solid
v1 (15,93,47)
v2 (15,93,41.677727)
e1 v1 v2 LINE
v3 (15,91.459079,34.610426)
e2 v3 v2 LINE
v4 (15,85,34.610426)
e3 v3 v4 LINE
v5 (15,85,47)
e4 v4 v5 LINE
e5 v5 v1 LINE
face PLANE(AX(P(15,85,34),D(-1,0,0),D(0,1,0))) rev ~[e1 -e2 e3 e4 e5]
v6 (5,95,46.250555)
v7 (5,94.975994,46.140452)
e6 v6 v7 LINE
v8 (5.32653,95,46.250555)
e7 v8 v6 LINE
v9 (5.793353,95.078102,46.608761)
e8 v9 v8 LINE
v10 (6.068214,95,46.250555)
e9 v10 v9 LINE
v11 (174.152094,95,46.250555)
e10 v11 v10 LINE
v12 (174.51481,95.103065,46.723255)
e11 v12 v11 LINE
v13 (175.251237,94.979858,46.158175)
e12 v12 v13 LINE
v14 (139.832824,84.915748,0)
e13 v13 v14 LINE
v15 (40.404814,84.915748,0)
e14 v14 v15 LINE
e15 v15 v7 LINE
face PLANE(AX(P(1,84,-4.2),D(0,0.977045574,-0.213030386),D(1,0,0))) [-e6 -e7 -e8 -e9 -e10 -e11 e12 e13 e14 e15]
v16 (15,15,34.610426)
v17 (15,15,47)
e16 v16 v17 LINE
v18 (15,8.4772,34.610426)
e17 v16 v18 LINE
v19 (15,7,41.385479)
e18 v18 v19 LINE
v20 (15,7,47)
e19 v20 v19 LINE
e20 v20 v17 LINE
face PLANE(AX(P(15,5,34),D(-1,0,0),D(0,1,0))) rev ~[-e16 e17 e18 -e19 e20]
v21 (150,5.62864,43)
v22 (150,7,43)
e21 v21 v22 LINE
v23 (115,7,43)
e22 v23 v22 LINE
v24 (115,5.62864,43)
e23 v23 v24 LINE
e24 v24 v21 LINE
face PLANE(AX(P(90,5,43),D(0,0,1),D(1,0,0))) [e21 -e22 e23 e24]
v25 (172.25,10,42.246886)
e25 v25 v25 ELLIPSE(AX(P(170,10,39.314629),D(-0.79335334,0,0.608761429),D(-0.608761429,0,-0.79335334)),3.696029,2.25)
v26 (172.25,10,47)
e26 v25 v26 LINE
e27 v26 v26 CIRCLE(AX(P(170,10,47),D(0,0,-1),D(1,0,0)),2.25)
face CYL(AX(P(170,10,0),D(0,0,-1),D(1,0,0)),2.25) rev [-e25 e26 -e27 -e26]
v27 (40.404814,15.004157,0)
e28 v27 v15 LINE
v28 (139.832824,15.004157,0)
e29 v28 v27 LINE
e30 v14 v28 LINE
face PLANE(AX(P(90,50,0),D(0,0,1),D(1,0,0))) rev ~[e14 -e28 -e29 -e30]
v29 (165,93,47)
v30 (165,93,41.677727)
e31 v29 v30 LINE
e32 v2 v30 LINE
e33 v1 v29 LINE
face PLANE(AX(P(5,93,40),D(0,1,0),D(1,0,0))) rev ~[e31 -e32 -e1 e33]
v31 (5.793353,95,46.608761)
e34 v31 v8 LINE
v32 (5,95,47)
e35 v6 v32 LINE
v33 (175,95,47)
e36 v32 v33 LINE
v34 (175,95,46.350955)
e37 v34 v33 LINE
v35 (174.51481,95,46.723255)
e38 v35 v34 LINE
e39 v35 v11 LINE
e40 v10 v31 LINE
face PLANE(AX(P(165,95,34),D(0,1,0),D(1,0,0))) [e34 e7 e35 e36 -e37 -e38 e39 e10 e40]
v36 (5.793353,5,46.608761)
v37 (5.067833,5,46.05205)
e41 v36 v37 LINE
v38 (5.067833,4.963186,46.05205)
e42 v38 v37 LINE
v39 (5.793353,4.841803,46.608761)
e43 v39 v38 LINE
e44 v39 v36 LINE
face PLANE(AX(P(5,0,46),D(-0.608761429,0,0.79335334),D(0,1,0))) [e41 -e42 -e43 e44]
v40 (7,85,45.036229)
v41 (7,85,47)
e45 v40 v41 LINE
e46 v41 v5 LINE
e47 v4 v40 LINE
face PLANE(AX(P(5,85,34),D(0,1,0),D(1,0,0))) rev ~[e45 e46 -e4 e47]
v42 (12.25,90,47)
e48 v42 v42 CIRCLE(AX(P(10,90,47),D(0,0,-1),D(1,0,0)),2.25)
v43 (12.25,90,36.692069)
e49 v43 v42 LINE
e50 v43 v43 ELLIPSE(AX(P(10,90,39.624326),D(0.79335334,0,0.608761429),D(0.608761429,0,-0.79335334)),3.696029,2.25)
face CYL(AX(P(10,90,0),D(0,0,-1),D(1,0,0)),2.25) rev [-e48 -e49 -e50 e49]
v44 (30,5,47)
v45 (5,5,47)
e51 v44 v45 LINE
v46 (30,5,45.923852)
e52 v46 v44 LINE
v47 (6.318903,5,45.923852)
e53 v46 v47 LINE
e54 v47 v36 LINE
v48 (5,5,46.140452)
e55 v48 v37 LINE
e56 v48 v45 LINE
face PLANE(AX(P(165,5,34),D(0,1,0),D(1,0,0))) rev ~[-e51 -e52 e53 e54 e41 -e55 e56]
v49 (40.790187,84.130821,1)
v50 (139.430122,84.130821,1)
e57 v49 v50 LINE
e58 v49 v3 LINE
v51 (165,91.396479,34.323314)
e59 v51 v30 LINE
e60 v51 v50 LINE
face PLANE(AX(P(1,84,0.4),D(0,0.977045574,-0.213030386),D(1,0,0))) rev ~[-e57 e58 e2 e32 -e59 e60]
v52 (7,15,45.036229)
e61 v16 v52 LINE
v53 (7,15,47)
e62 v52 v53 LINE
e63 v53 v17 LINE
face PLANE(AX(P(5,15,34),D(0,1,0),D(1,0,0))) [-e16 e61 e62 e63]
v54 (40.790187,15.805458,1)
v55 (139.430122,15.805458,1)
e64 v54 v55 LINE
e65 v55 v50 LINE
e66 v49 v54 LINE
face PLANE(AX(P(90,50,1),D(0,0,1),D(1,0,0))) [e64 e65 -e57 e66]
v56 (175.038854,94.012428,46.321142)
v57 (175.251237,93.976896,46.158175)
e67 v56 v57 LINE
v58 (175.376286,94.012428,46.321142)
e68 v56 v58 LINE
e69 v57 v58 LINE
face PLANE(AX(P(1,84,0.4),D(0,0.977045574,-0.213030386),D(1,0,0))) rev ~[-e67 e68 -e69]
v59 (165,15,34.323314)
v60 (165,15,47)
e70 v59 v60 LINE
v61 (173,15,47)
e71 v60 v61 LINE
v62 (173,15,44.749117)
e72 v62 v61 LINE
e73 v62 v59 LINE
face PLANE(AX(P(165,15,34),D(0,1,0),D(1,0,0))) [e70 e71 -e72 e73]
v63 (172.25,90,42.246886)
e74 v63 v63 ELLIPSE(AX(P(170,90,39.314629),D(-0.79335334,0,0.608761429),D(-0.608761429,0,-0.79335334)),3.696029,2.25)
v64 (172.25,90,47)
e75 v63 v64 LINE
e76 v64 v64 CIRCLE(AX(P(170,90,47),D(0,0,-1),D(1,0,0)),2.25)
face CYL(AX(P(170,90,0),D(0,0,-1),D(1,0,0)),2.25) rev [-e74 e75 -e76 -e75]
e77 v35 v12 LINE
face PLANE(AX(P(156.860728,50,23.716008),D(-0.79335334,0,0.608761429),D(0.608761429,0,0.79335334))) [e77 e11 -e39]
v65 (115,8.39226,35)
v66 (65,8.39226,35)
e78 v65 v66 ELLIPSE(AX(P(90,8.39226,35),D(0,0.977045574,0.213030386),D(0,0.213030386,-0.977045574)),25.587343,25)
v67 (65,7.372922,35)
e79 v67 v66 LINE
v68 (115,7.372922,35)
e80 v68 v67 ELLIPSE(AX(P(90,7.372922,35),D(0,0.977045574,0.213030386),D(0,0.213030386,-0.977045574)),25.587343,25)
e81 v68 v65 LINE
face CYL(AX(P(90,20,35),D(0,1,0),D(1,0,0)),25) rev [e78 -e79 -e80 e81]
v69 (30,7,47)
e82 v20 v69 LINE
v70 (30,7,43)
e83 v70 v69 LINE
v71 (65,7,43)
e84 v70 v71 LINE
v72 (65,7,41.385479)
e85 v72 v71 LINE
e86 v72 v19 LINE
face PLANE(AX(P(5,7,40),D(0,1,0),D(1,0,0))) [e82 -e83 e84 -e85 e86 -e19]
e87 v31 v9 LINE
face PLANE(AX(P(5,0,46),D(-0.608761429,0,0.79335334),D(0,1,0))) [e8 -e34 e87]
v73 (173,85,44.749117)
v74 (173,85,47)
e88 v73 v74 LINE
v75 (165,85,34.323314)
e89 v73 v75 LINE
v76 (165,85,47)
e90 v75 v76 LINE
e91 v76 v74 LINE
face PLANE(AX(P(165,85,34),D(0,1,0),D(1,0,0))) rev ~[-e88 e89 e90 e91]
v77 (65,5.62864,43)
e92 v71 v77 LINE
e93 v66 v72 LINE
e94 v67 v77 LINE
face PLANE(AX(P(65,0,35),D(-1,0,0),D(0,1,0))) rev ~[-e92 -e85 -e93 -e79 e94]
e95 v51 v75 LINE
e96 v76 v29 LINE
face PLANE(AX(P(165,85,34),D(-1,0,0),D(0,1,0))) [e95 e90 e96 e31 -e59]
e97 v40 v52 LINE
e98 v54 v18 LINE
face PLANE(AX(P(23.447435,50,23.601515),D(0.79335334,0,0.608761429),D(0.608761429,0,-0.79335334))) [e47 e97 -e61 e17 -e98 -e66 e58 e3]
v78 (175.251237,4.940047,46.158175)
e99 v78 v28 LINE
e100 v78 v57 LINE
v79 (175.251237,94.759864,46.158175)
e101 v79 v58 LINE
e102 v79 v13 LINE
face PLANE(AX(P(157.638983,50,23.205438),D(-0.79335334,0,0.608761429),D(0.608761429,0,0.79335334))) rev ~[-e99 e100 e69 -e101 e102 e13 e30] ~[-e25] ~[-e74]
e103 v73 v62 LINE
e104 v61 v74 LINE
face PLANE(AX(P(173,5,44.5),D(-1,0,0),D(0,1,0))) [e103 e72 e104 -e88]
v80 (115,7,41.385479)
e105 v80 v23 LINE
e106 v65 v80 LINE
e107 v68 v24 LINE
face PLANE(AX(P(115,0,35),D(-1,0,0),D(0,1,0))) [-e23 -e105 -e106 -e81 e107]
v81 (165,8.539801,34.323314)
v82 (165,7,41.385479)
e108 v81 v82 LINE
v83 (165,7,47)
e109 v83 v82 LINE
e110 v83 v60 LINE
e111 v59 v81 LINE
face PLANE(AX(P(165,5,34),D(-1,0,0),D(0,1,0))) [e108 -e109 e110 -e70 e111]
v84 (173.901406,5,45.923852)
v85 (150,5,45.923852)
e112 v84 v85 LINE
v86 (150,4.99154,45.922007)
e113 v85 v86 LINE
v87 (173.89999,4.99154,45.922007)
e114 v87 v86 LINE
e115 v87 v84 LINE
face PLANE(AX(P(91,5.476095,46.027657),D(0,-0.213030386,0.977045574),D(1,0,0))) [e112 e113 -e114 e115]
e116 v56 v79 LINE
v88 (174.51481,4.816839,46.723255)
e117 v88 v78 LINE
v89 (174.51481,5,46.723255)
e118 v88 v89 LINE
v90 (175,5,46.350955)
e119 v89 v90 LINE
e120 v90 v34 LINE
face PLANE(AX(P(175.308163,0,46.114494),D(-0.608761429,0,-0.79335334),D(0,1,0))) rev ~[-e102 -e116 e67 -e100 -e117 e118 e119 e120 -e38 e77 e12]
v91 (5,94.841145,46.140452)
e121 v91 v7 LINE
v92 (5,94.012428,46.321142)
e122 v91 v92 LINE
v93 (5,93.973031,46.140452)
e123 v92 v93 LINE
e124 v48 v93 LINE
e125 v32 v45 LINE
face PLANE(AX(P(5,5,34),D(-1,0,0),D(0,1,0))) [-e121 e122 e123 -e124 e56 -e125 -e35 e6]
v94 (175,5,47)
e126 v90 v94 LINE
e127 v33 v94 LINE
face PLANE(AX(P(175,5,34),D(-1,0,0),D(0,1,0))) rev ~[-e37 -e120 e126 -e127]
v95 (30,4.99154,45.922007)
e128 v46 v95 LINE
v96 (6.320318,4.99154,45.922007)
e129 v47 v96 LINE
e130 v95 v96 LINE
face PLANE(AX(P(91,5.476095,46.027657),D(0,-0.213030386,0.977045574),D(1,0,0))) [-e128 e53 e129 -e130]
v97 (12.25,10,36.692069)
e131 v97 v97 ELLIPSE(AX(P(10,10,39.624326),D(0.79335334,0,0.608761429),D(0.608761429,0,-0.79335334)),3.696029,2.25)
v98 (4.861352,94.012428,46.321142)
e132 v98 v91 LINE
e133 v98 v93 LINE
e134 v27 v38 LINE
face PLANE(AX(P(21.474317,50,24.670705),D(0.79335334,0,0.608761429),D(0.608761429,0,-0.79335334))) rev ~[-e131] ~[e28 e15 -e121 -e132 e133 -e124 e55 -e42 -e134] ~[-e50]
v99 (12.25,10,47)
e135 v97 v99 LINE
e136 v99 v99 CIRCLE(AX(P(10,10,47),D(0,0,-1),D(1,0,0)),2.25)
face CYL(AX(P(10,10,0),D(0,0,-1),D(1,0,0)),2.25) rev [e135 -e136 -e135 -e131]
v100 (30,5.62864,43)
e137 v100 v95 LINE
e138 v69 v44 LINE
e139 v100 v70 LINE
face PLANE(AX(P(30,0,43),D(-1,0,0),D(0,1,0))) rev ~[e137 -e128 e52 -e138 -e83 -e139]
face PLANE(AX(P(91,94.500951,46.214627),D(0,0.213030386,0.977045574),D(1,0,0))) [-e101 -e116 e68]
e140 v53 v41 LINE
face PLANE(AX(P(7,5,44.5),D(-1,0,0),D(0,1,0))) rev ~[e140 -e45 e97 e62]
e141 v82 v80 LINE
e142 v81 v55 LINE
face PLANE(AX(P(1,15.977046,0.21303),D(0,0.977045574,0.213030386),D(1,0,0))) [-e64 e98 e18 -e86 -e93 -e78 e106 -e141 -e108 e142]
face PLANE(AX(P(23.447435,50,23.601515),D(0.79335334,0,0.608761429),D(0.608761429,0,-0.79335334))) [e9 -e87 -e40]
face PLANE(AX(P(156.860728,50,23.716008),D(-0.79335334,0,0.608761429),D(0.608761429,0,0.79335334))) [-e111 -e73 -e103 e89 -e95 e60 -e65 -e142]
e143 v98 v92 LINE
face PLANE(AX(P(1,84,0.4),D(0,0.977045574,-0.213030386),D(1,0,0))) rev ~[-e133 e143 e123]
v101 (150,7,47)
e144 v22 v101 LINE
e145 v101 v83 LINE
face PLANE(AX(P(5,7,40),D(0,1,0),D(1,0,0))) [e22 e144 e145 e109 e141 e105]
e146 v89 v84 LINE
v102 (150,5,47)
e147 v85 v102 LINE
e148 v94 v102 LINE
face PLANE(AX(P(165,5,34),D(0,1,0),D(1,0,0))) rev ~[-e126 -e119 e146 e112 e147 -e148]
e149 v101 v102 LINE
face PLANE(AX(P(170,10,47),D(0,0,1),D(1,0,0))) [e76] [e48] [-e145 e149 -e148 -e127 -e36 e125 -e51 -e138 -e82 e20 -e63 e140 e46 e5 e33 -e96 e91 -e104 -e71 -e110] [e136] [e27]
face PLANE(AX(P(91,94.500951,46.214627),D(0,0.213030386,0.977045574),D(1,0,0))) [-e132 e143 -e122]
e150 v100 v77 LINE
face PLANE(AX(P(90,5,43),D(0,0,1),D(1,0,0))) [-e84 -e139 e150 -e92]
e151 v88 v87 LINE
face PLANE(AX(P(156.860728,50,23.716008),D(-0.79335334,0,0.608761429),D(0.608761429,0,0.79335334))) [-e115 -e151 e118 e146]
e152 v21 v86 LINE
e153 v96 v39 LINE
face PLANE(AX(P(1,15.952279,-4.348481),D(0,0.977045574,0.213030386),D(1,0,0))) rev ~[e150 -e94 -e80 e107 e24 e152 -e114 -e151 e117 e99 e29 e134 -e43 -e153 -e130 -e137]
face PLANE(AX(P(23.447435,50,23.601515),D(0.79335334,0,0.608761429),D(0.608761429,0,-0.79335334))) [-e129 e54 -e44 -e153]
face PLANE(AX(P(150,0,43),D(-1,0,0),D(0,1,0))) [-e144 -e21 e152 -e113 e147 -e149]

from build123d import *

# Parameters (mm, degrees)
BOX020_W               = 50
BOX020_H               = 20
BOX020_DEPTH           = 25
CYLINDER004_R          = 25
CYLINDER004_DEPTH      = 20
CYLINDER004_ROLL_ANGLE = 90
BOX019_W               = 120
BOX019_H               = 10
BOX019_DEPTH           = 10
CYLINDER003_R          = 2.25
CYLINDER003_DEPTH      = 60
CYLINDER002_R          = 2.25
CYLINDER002_DEPTH      = 60
CYLINDER001_R          = 2.25
CYLINDER001_DEPTH      = 60
CYLINDER_R             = 2.25
CYLINDER_DEPTH         = 60
BOX018_W               = 180
BOX018_H               = 50
BOX018_DEPTH           = 60
BOX018_ROLL_ANGLE      = -12.3
BOX017_W               = 180
BOX017_H               = 50
BOX017_DEPTH           = 60
BOX017_ROLL_ANGLE      = 12.3
BOX016_W               = 70
BOX016_H               = 100
BOX016_DEPTH           = 50
BOX016_PITCH_ANGLE     = 52.5
BOX015_W               = 70
BOX015_H               = 100
BOX015_DEPTH           = 50
BOX015_PITCH_ANGLE     = -52.5
BOX007_W               = 100
BOX007_H               = 70
BOX007_DEPTH           = 1
BOX014_W               = 170
BOX014_H               = 2
BOX014_DEPTH           = 7
BOX013_W               = 170
BOX013_H               = 2
BOX013_DEPTH           = 7
BOX012_W               = 2
BOX012_H               = 80
BOX012_DEPTH           = 2.5
BOX011_W               = 2
BOX011_H               = 80
BOX011_DEPTH           = 2.5
BOX010_W               = 10
BOX010_H               = 10
BOX010_DEPTH           = 13
BOX009_W               = 10
BOX009_H               = 10
BOX009_DEPTH           = 13
BOX008_W               = 10
BOX008_H               = 10
BOX008_DEPTH           = 13
BOX_W                  = 10
BOX_H                  = 10
BOX_DEPTH              = 13
BOX005_W               = 180
BOX005_H               = 1
BOX005_DEPTH           = 47
BOX005_ROLL_ANGLE      = -12.3
BOX004_W               = 180
BOX004_H               = 1
BOX004_DEPTH           = 47
BOX004_ROLL_ANGLE      = 12.3
BOX003_W               = 58
BOX003_H               = 100
BOX003_DEPTH           = 1
BOX003_PITCH_ANGLE     = -52.5
BOX002_W               = 58
BOX002_H               = 100
BOX002_DEPTH           = 1
BOX002_PITCH_ANGLE     = 52.5


with BuildPart() as cube020:
    # Box020 → Box020 (new body)
    with BuildSketch(Plane(origin=(65, 0, 35), x_dir=(1, 0, 0), z_dir=(0, 0, 1))):
        with Locations((25, 10)):
            Rectangle(BOX020_W, BOX020_H)
    extrude(amount=BOX020_DEPTH)


with BuildPart() as cylinder:
    # Cylinder004 → Cylinder004 (new body)
    with BuildSketch(Plane.XY):
        Circle(CYLINDER004_R)
    extrude(amount=CYLINDER004_DEPTH)


with BuildPart() as cylinder_1:
    # Cylinder004 roll: moved
    add(cylinder.part.rotate(Axis((0, 0, 0), (1, 0, 0)), CYLINDER004_ROLL_ANGLE))


with BuildPart() as cylinder_2:
    # Cylinder004 placement: moved
    add(cylinder_1.part.moved(Location((90, 20, 35))))


with BuildPart() as cube019:
    # Box019 → Box019 (new body)
    with BuildSketch(Plane(origin=(30, 0, 43), x_dir=(1, 0, 0), z_dir=(0, 0, 1))):
        with Locations((60, 5)):
            Rectangle(BOX019_W, BOX019_H)
    extrude(amount=BOX019_DEPTH)


with BuildPart() as cylinder003:
    # Cylinder003 → Cylinder003 (new body)
    with BuildSketch(Plane(origin=(170, 90, 0), x_dir=(1, 0, 0), z_dir=(0, 0, 1))):
        Circle(CYLINDER003_R)
    extrude(amount=CYLINDER003_DEPTH)


with BuildPart() as cylinder002:
    # Cylinder002 → Cylinder002 (new body)
    with BuildSketch(Plane(origin=(10, 90, 0), x_dir=(1, 0, 0), z_dir=(0, 0, 1))):
        Circle(CYLINDER002_R)
    extrude(amount=CYLINDER002_DEPTH)


with BuildPart() as cylinder001:
    # Cylinder001 → Cylinder001 (new body)
    with BuildSketch(Plane(origin=(170, 10, 0), x_dir=(1, 0, 0), z_dir=(0, 0, 1))):
        Circle(CYLINDER001_R)
    extrude(amount=CYLINDER001_DEPTH)


with BuildPart() as cylinder000:
    # Cylinder → Cylinder (new body)
    with BuildSketch(Plane(origin=(10, 10, 0), x_dir=(1, 0, 0), z_dir=(0, 0, 1))):
        Circle(CYLINDER_R)
    extrude(amount=CYLINDER_DEPTH)


with BuildPart() as cube018:
    # Box018 → Box018 (new body)
    with BuildSketch(Plane.XY):
        with Locations((90, 25)):
            Rectangle(BOX018_W, BOX018_H)
    extrude(amount=BOX018_DEPTH)


with BuildPart() as cube018_1:
    # Box018 roll: moved
    add(cube018.part.rotate(Axis((0, 0, 0), (1, 0, 0)), BOX018_ROLL_ANGLE))


with BuildPart() as cube018_2:
    # Box018 placement: moved
    add(cube018_1.part.moved(Location((1, 84, -4.2))))


with BuildPart() as cube017:
    # Box017 → Box017 (new body)
    with BuildSketch(Plane.XY):
        with Locations((90, 25)):
            Rectangle(BOX017_W, BOX017_H)
    extrude(amount=BOX017_DEPTH)


with BuildPart() as cube017_1:
    # Box017 roll: moved
    add(cube017.part.rotate(Axis((0, 0, 0), (1, 0, 0)), BOX017_ROLL_ANGLE))


with BuildPart() as cube017_2:
    # Box017 placement: moved
    add(cube017_1.part.moved(Location((1, -32.9, -15))))


with BuildPart() as cube016:
    # Box016 → Box016 (new body)
    with BuildSketch(Plane.XY):
        with Locations((35, 50)):
            Rectangle(BOX016_W, BOX016_H)
    extrude(amount=BOX016_DEPTH)


with BuildPart() as cube016_1:
    # Box016 pitch: moved
    add(cube016.part.rotate(Axis((0, 0, 0), (0, 1, 0)), BOX016_PITCH_ANGLE))


with BuildPart() as cube016_2:
    # Box016 placement: moved
    add(cube016_1.part.moved(Location((-39.5, 0, 22))))


with BuildPart() as cube015:
    # Box015 → Box015 (new body)
    with BuildSketch(Plane.XY):
        with Locations((35, 50)):
            Rectangle(BOX015_W, BOX015_H)
    extrude(amount=BOX015_DEPTH)


with BuildPart() as cube015_1:
    # Box015 pitch: moved
    add(cube015.part.rotate(Axis((0, 0, 0), (0, 1, 0)), BOX015_PITCH_ANGLE))


with BuildPart() as cube015_2:
    # Box015 placement: moved
    add(cube015_1.part.moved(Location((176, 0, -35))))


with BuildPart() as cube007:
    # Box007 → Box007 (new body)
    with BuildSketch(Plane(origin=(40, 15, 0), x_dir=(1, 0, 0), z_dir=(0, 0, 1))):
        with Locations((50, 35)):
            Rectangle(BOX007_W, BOX007_H)
    extrude(amount=BOX007_DEPTH)


with BuildPart() as cube014:
    # Box014 → Box014 (new body)
    with BuildSketch(Plane(origin=(5, 93, 40), x_dir=(1, 0, 0), z_dir=(0, 0, 1))):
        with Locations((85, 1)):
            Rectangle(BOX014_W, BOX014_H)
    extrude(amount=BOX014_DEPTH)


with BuildPart() as cube013:
    # Box013 → Box013 (new body)
    with BuildSketch(Plane(origin=(5, 5, 40), x_dir=(1, 0, 0), z_dir=(0, 0, 1))):
        with Locations((85, 1)):
            Rectangle(BOX013_W, BOX013_H)
    extrude(amount=BOX013_DEPTH)


with BuildPart() as cube012:
    # Box012 → Box012 (new body)
    with BuildSketch(Plane(origin=(173, 5, 44.5), x_dir=(1, 0, 0), z_dir=(0, 0, 1))):
        with Locations((1, 40)):
            Rectangle(BOX012_W, BOX012_H)
    extrude(amount=BOX012_DEPTH)


with BuildPart() as cube011:
    # Box011 → Box011 (new body)
    with BuildSketch(Plane(origin=(5, 5, 44.5), x_dir=(1, 0, 0), z_dir=(0, 0, 1))):
        with Locations((1, 40)):
            Rectangle(BOX011_W, BOX011_H)
    extrude(amount=BOX011_DEPTH)


with BuildPart() as cube010:
    # Box010 → Box010 (new body)
    with BuildSketch(Plane(origin=(5, 85, 34), x_dir=(1, 0, 0), z_dir=(0, 0, 1))):
        with Locations((5, 5)):
            Rectangle(BOX010_W, BOX010_H)
    extrude(amount=BOX010_DEPTH)


with BuildPart() as cube009:
    # Box009 → Box009 (new body)
    with BuildSketch(Plane(origin=(165, 85, 34), x_dir=(1, 0, 0), z_dir=(0, 0, 1))):
        with Locations((5, 5)):
            Rectangle(BOX009_W, BOX009_H)
    extrude(amount=BOX009_DEPTH)


with BuildPart() as cube008:
    # Box008 → Box008 (new body)
    with BuildSketch(Plane(origin=(165, 5, 34), x_dir=(1, 0, 0), z_dir=(0, 0, 1))):
        with Locations((5, 5)):
            Rectangle(BOX008_W, BOX008_H)
    extrude(amount=BOX008_DEPTH)


with BuildPart() as cube:
    # Box → Box (new body)
    with BuildSketch(Plane(origin=(5, 5, 34), x_dir=(1, 0, 0), z_dir=(0, 0, 1))):
        with Locations((5, 5)):
            Rectangle(BOX_W, BOX_H)
    extrude(amount=BOX_DEPTH)


with BuildPart() as cube005:
    # Box005 → Box005 (new body)
    with BuildSketch(Plane.XY):
        with Locations((90, 0.5)):
            Rectangle(BOX005_W, BOX005_H)
    extrude(amount=BOX005_DEPTH)


with BuildPart() as cube005_1:
    # Box005 roll: moved
    add(cube005.part.rotate(Axis((0, 0, 0), (1, 0, 0)), BOX005_ROLL_ANGLE))


with BuildPart() as cube005_2:
    # Box005 placement: moved
    add(cube005_1.part.moved(Location((1, 84, 0.4))))


with BuildPart() as fusion001:
    # Box004 → Box004 (new body)
    with BuildSketch(Plane.XY):
        with Locations((90, 0.5)):
            Rectangle(BOX004_W, BOX004_H)
    extrude(amount=BOX004_DEPTH)


with BuildPart() as fusion001_1:
    # Box004 roll: moved
    add(fusion001.part.rotate(Axis((0, 0, 0), (1, 0, 0)), BOX004_ROLL_ANGLE))


with BuildPart() as fusion001_2:
    # Box004 placement: moved
    add(fusion001_1.part.moved(Location((1, 15, 0))))

    # Fusion001: union Cube005
    add(cube005_2.part)


with BuildPart() as cube003:
    # Box003 → Box003 (new body)
    with BuildSketch(Plane.XY):
        with Locations((29, 50)):
            Rectangle(BOX003_W, BOX003_H)
    extrude(amount=BOX003_DEPTH)


with BuildPart() as cube003_1:
    # Box003 pitch: moved
    add(cube003.part.rotate(Axis((0, 0, 0), (0, 1, 0)), BOX003_PITCH_ANGLE))


with BuildPart() as cube003_2:
    # Box003 placement: moved
    add(cube003_1.part.moved(Location((140, 0, 0.1))))


with BuildPart() as cut010:
    # Box002 → Box002 (new body)
    with BuildSketch(Plane.XY):
        with Locations((29, 50)):
            Rectangle(BOX002_W, BOX002_H)
    extrude(amount=BOX002_DEPTH)


with BuildPart() as cut010_1:
    # Box002 pitch: moved
    add(cut010.part.rotate(Axis((0, 0, 0), (0, 1, 0)), BOX002_PITCH_ANGLE))


with BuildPart() as cut010_2:
    # Box002 placement: moved
    add(cut010_1.part.moved(Location((5, 0, 46))))

    # Fusion: union Cube003
    add(cube003_2.part)

    # Fusion002: union Fusion001
    add(fusion001_2.part)

    # Fusion003: union Cube
    add(cube.part)

    # Fusion004: union Cube008
    add(cube008.part)

    # Fusion005: union Cube009
    add(cube009.part)

    # Fusion006: union Cube010
    add(cube010.part)

    # Fusion007: union Cube011
    add(cube011.part)

    # Fusion008: union Cube012
    add(cube012.part)

    # Fusion009: union Cube013
    add(cube013.part)

    # Fusion010: union Cube014
    add(cube014.part)

    # Fusion011: union Cube007
    add(cube007.part)

    # Cut: cut Cube015
    add(cube015_2.part, mode=Mode.SUBTRACT)

    # Cut001: cut Cube016
    add(cube016_2.part, mode=Mode.SUBTRACT)

    # Cut002: cut Cube017
    add(cube017_2.part, mode=Mode.SUBTRACT)

    # Cut003: cut Cube018
    add(cube018_2.part, mode=Mode.SUBTRACT)

    # Cut004: cut Cylinder000
    add(cylinder000.part, mode=Mode.SUBTRACT)

    # Cut005: cut Cylinder001
    add(cylinder001.part, mode=Mode.SUBTRACT)

    # Cut006: cut Cylinder002
    add(cylinder002.part, mode=Mode.SUBTRACT)

    # Cut007: cut Cylinder003
    add(cylinder003.part, mode=Mode.SUBTRACT)

    # Cut008: cut Cube019
    add(cube019.part, mode=Mode.SUBTRACT)

    # Cut009: cut Cylinder
    add(cylinder_2.part, mode=Mode.SUBTRACT)

    # Cut010: cut Cube020
    add(cube020.part, mode=Mode.SUBTRACT)


solid = cut010_2.part
